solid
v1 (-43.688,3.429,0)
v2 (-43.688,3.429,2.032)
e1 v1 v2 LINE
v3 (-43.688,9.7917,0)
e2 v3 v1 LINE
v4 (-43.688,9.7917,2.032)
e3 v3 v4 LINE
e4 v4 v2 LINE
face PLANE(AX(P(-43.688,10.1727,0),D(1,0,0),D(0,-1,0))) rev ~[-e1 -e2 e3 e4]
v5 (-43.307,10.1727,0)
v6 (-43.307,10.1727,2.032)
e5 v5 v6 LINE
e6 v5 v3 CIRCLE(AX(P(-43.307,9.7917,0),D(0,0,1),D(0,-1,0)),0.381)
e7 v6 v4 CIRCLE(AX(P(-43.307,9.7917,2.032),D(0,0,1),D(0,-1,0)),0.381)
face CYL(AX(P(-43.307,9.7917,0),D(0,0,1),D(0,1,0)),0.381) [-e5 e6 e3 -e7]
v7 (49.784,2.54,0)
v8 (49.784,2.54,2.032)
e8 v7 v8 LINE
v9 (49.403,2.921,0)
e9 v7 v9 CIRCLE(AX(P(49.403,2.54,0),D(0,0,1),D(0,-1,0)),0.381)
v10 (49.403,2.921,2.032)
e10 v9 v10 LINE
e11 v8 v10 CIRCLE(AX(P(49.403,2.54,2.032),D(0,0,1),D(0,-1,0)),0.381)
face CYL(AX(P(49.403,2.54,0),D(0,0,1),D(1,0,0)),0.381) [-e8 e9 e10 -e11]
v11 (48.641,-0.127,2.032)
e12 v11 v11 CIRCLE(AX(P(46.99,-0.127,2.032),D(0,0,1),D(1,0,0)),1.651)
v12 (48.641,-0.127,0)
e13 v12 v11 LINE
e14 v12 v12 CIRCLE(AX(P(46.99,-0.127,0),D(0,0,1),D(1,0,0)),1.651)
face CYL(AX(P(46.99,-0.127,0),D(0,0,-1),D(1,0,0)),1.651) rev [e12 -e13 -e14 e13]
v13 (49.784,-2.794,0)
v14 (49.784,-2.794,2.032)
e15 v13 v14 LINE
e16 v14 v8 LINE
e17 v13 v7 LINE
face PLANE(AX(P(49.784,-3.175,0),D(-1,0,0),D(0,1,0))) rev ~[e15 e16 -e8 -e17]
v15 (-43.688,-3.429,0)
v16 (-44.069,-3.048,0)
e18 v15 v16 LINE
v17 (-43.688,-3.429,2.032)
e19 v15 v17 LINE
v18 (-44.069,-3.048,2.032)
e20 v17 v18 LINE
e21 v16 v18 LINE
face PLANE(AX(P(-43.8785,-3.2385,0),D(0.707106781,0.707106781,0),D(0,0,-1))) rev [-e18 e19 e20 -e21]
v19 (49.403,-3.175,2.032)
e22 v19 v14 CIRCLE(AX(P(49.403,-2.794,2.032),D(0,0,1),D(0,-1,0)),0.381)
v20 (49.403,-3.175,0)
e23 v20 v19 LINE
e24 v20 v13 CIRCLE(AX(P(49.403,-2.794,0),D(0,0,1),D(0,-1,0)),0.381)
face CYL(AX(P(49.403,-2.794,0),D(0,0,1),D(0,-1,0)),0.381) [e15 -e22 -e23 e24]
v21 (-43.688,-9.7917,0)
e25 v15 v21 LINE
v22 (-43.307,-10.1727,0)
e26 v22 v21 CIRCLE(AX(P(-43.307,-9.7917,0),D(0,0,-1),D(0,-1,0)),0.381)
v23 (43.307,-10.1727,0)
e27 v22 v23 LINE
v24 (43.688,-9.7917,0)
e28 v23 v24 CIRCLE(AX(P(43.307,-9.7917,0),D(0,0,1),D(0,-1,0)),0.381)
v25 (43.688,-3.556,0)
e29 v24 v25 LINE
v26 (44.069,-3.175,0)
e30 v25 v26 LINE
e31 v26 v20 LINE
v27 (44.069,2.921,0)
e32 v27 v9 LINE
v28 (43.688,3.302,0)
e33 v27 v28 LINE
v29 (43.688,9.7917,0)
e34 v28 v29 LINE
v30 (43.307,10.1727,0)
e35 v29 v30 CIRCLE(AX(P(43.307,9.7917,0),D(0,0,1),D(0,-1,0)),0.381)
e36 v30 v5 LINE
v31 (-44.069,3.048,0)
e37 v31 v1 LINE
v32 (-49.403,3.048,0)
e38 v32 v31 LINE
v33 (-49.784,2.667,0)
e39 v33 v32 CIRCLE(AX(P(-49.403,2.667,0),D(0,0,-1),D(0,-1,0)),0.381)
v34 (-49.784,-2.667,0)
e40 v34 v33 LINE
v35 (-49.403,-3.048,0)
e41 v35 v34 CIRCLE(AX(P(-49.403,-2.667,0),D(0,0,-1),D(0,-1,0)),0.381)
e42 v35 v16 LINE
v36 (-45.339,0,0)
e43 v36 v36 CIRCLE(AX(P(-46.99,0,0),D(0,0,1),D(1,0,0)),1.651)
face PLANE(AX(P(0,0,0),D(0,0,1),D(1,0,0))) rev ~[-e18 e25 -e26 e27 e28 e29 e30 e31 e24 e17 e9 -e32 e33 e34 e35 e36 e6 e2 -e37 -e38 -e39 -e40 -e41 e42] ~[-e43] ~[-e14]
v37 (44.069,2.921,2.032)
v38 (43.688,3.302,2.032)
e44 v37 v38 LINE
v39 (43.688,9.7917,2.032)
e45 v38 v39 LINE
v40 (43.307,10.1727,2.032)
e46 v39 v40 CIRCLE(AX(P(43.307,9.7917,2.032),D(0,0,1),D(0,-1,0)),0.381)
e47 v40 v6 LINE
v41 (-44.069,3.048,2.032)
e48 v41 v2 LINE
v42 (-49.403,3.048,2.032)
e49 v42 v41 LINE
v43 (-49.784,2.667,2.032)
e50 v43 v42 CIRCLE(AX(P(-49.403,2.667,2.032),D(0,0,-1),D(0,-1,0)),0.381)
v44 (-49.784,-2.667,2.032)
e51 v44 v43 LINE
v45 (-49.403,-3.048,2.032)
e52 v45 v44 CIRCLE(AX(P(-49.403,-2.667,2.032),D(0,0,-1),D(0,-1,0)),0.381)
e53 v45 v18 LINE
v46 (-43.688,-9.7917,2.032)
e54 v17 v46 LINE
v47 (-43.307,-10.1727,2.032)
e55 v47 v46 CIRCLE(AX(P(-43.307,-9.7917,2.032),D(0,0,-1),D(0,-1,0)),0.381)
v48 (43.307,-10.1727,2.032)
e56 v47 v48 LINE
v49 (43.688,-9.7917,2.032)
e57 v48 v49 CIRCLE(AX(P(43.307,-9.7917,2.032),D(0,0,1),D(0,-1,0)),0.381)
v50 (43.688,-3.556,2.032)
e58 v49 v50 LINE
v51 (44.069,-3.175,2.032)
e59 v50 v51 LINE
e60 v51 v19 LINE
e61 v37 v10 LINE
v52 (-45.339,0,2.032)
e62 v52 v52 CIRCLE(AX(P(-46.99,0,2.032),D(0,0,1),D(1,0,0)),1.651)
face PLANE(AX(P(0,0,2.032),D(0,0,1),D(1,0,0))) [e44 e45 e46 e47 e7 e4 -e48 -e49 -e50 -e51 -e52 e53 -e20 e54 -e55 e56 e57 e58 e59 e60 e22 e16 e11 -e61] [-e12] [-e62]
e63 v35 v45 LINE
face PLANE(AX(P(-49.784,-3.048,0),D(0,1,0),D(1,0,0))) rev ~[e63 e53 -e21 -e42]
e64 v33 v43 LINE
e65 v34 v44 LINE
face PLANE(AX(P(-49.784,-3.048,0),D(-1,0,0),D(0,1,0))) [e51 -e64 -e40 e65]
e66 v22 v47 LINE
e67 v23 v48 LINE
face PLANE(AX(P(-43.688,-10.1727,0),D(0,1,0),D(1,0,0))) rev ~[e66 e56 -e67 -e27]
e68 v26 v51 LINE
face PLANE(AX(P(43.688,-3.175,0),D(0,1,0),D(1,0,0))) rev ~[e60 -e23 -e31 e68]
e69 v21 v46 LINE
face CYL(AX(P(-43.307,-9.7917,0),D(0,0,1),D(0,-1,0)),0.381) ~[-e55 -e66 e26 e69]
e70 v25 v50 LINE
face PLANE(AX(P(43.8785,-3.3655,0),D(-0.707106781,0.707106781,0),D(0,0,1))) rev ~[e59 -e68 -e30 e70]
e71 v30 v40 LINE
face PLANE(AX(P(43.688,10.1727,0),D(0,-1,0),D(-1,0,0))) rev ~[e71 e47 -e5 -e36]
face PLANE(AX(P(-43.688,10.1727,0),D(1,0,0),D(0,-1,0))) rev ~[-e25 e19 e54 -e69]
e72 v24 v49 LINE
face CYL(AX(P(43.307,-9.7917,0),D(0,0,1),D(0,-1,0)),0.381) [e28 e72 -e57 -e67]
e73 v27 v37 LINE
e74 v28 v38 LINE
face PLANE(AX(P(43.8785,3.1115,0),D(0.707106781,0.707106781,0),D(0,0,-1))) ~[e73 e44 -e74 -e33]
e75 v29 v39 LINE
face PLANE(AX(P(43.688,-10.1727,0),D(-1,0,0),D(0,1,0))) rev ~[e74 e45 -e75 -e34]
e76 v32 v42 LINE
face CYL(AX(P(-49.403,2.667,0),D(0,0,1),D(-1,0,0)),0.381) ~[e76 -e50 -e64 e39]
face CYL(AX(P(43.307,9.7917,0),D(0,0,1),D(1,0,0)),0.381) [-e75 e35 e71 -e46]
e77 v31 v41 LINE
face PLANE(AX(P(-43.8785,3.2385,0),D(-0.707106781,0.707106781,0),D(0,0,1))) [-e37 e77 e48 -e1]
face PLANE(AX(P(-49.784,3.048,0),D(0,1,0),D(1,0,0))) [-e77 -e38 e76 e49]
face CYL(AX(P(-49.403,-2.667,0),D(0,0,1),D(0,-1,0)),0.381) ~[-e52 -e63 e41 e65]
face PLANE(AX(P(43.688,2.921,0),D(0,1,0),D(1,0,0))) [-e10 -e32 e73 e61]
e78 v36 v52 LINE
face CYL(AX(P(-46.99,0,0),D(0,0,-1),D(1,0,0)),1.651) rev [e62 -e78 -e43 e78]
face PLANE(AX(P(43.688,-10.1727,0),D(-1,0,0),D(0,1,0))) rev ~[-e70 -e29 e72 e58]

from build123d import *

# Parameters (mm, degrees)
F1_DEPTH = 2.032
F0_W     = 6.096
F0_H     = 6.096
F0_R     = 1.651
F2_DEPTH = 2.032
F3_DEPTH = 2.032
F4_R     = 0.381
F5_SIZE  = 0.381


with BuildPart() as f1:
    # F0 (on Top) → F1 (new body)
    with BuildSketch(Plane.XY):
        Polygon((-43.688, -10.1727), (43.688, -10.1727), (43.688, -3.175), (43.688, 2.921), (43.688, 10.1727), (-43.688, 10.1727), (-43.688, 3.048), (-43.688, -3.048), align=None)
    extrude(amount=F1_DEPTH)

    # F0 (on Top) → F2 (join)
    with BuildSketch(Plane.XY):
        with Locations((46.736, -0.127)):
            Rectangle(F0_W, F0_H)
        with Locations((46.99, -0.127)):
            Circle(F0_R, mode=Mode.SUBTRACT)
    extrude(amount=F2_DEPTH)

    # F0 (on Top) → F3 (join)
    with BuildSketch(Plane.XY):
        with Locations((-46.736, 0)):
            Rectangle(F0_W, F0_H)
        with Locations((-46.99, 0)):
            Circle(F0_R, mode=Mode.SUBTRACT)
    extrude(amount=F3_DEPTH)

    # F4
    f4_edges = [f1.edges().sort_by_distance(p)[0] for p in [
        (43.688, -10.1727, 1.016),
        (43.688, 10.1727, 1.016),
        (-43.688, -10.1727, 1.016),
        (-43.688, 10.1727, 1.016),
        (-49.784, 3.048, 1.016),
        (-49.784, -3.048, 1.016),
        (49.784, -3.175, 1.016),
        (49.784, 2.921, 1.016),
    ]]
    fillet(f4_edges, radius=F4_R)

    # F5
    f5_edges = [f1.edges().sort_by_distance(p)[0] for p in [
        (43.688, 2.921, 1.016),
        (43.688, -3.175, 1.016),
        (-43.688, -3.048, 1.016),
        (-43.688, 3.048, 1.016),
    ]]
    chamfer(f5_edges, length=F5_SIZE)


solid = f1.part
